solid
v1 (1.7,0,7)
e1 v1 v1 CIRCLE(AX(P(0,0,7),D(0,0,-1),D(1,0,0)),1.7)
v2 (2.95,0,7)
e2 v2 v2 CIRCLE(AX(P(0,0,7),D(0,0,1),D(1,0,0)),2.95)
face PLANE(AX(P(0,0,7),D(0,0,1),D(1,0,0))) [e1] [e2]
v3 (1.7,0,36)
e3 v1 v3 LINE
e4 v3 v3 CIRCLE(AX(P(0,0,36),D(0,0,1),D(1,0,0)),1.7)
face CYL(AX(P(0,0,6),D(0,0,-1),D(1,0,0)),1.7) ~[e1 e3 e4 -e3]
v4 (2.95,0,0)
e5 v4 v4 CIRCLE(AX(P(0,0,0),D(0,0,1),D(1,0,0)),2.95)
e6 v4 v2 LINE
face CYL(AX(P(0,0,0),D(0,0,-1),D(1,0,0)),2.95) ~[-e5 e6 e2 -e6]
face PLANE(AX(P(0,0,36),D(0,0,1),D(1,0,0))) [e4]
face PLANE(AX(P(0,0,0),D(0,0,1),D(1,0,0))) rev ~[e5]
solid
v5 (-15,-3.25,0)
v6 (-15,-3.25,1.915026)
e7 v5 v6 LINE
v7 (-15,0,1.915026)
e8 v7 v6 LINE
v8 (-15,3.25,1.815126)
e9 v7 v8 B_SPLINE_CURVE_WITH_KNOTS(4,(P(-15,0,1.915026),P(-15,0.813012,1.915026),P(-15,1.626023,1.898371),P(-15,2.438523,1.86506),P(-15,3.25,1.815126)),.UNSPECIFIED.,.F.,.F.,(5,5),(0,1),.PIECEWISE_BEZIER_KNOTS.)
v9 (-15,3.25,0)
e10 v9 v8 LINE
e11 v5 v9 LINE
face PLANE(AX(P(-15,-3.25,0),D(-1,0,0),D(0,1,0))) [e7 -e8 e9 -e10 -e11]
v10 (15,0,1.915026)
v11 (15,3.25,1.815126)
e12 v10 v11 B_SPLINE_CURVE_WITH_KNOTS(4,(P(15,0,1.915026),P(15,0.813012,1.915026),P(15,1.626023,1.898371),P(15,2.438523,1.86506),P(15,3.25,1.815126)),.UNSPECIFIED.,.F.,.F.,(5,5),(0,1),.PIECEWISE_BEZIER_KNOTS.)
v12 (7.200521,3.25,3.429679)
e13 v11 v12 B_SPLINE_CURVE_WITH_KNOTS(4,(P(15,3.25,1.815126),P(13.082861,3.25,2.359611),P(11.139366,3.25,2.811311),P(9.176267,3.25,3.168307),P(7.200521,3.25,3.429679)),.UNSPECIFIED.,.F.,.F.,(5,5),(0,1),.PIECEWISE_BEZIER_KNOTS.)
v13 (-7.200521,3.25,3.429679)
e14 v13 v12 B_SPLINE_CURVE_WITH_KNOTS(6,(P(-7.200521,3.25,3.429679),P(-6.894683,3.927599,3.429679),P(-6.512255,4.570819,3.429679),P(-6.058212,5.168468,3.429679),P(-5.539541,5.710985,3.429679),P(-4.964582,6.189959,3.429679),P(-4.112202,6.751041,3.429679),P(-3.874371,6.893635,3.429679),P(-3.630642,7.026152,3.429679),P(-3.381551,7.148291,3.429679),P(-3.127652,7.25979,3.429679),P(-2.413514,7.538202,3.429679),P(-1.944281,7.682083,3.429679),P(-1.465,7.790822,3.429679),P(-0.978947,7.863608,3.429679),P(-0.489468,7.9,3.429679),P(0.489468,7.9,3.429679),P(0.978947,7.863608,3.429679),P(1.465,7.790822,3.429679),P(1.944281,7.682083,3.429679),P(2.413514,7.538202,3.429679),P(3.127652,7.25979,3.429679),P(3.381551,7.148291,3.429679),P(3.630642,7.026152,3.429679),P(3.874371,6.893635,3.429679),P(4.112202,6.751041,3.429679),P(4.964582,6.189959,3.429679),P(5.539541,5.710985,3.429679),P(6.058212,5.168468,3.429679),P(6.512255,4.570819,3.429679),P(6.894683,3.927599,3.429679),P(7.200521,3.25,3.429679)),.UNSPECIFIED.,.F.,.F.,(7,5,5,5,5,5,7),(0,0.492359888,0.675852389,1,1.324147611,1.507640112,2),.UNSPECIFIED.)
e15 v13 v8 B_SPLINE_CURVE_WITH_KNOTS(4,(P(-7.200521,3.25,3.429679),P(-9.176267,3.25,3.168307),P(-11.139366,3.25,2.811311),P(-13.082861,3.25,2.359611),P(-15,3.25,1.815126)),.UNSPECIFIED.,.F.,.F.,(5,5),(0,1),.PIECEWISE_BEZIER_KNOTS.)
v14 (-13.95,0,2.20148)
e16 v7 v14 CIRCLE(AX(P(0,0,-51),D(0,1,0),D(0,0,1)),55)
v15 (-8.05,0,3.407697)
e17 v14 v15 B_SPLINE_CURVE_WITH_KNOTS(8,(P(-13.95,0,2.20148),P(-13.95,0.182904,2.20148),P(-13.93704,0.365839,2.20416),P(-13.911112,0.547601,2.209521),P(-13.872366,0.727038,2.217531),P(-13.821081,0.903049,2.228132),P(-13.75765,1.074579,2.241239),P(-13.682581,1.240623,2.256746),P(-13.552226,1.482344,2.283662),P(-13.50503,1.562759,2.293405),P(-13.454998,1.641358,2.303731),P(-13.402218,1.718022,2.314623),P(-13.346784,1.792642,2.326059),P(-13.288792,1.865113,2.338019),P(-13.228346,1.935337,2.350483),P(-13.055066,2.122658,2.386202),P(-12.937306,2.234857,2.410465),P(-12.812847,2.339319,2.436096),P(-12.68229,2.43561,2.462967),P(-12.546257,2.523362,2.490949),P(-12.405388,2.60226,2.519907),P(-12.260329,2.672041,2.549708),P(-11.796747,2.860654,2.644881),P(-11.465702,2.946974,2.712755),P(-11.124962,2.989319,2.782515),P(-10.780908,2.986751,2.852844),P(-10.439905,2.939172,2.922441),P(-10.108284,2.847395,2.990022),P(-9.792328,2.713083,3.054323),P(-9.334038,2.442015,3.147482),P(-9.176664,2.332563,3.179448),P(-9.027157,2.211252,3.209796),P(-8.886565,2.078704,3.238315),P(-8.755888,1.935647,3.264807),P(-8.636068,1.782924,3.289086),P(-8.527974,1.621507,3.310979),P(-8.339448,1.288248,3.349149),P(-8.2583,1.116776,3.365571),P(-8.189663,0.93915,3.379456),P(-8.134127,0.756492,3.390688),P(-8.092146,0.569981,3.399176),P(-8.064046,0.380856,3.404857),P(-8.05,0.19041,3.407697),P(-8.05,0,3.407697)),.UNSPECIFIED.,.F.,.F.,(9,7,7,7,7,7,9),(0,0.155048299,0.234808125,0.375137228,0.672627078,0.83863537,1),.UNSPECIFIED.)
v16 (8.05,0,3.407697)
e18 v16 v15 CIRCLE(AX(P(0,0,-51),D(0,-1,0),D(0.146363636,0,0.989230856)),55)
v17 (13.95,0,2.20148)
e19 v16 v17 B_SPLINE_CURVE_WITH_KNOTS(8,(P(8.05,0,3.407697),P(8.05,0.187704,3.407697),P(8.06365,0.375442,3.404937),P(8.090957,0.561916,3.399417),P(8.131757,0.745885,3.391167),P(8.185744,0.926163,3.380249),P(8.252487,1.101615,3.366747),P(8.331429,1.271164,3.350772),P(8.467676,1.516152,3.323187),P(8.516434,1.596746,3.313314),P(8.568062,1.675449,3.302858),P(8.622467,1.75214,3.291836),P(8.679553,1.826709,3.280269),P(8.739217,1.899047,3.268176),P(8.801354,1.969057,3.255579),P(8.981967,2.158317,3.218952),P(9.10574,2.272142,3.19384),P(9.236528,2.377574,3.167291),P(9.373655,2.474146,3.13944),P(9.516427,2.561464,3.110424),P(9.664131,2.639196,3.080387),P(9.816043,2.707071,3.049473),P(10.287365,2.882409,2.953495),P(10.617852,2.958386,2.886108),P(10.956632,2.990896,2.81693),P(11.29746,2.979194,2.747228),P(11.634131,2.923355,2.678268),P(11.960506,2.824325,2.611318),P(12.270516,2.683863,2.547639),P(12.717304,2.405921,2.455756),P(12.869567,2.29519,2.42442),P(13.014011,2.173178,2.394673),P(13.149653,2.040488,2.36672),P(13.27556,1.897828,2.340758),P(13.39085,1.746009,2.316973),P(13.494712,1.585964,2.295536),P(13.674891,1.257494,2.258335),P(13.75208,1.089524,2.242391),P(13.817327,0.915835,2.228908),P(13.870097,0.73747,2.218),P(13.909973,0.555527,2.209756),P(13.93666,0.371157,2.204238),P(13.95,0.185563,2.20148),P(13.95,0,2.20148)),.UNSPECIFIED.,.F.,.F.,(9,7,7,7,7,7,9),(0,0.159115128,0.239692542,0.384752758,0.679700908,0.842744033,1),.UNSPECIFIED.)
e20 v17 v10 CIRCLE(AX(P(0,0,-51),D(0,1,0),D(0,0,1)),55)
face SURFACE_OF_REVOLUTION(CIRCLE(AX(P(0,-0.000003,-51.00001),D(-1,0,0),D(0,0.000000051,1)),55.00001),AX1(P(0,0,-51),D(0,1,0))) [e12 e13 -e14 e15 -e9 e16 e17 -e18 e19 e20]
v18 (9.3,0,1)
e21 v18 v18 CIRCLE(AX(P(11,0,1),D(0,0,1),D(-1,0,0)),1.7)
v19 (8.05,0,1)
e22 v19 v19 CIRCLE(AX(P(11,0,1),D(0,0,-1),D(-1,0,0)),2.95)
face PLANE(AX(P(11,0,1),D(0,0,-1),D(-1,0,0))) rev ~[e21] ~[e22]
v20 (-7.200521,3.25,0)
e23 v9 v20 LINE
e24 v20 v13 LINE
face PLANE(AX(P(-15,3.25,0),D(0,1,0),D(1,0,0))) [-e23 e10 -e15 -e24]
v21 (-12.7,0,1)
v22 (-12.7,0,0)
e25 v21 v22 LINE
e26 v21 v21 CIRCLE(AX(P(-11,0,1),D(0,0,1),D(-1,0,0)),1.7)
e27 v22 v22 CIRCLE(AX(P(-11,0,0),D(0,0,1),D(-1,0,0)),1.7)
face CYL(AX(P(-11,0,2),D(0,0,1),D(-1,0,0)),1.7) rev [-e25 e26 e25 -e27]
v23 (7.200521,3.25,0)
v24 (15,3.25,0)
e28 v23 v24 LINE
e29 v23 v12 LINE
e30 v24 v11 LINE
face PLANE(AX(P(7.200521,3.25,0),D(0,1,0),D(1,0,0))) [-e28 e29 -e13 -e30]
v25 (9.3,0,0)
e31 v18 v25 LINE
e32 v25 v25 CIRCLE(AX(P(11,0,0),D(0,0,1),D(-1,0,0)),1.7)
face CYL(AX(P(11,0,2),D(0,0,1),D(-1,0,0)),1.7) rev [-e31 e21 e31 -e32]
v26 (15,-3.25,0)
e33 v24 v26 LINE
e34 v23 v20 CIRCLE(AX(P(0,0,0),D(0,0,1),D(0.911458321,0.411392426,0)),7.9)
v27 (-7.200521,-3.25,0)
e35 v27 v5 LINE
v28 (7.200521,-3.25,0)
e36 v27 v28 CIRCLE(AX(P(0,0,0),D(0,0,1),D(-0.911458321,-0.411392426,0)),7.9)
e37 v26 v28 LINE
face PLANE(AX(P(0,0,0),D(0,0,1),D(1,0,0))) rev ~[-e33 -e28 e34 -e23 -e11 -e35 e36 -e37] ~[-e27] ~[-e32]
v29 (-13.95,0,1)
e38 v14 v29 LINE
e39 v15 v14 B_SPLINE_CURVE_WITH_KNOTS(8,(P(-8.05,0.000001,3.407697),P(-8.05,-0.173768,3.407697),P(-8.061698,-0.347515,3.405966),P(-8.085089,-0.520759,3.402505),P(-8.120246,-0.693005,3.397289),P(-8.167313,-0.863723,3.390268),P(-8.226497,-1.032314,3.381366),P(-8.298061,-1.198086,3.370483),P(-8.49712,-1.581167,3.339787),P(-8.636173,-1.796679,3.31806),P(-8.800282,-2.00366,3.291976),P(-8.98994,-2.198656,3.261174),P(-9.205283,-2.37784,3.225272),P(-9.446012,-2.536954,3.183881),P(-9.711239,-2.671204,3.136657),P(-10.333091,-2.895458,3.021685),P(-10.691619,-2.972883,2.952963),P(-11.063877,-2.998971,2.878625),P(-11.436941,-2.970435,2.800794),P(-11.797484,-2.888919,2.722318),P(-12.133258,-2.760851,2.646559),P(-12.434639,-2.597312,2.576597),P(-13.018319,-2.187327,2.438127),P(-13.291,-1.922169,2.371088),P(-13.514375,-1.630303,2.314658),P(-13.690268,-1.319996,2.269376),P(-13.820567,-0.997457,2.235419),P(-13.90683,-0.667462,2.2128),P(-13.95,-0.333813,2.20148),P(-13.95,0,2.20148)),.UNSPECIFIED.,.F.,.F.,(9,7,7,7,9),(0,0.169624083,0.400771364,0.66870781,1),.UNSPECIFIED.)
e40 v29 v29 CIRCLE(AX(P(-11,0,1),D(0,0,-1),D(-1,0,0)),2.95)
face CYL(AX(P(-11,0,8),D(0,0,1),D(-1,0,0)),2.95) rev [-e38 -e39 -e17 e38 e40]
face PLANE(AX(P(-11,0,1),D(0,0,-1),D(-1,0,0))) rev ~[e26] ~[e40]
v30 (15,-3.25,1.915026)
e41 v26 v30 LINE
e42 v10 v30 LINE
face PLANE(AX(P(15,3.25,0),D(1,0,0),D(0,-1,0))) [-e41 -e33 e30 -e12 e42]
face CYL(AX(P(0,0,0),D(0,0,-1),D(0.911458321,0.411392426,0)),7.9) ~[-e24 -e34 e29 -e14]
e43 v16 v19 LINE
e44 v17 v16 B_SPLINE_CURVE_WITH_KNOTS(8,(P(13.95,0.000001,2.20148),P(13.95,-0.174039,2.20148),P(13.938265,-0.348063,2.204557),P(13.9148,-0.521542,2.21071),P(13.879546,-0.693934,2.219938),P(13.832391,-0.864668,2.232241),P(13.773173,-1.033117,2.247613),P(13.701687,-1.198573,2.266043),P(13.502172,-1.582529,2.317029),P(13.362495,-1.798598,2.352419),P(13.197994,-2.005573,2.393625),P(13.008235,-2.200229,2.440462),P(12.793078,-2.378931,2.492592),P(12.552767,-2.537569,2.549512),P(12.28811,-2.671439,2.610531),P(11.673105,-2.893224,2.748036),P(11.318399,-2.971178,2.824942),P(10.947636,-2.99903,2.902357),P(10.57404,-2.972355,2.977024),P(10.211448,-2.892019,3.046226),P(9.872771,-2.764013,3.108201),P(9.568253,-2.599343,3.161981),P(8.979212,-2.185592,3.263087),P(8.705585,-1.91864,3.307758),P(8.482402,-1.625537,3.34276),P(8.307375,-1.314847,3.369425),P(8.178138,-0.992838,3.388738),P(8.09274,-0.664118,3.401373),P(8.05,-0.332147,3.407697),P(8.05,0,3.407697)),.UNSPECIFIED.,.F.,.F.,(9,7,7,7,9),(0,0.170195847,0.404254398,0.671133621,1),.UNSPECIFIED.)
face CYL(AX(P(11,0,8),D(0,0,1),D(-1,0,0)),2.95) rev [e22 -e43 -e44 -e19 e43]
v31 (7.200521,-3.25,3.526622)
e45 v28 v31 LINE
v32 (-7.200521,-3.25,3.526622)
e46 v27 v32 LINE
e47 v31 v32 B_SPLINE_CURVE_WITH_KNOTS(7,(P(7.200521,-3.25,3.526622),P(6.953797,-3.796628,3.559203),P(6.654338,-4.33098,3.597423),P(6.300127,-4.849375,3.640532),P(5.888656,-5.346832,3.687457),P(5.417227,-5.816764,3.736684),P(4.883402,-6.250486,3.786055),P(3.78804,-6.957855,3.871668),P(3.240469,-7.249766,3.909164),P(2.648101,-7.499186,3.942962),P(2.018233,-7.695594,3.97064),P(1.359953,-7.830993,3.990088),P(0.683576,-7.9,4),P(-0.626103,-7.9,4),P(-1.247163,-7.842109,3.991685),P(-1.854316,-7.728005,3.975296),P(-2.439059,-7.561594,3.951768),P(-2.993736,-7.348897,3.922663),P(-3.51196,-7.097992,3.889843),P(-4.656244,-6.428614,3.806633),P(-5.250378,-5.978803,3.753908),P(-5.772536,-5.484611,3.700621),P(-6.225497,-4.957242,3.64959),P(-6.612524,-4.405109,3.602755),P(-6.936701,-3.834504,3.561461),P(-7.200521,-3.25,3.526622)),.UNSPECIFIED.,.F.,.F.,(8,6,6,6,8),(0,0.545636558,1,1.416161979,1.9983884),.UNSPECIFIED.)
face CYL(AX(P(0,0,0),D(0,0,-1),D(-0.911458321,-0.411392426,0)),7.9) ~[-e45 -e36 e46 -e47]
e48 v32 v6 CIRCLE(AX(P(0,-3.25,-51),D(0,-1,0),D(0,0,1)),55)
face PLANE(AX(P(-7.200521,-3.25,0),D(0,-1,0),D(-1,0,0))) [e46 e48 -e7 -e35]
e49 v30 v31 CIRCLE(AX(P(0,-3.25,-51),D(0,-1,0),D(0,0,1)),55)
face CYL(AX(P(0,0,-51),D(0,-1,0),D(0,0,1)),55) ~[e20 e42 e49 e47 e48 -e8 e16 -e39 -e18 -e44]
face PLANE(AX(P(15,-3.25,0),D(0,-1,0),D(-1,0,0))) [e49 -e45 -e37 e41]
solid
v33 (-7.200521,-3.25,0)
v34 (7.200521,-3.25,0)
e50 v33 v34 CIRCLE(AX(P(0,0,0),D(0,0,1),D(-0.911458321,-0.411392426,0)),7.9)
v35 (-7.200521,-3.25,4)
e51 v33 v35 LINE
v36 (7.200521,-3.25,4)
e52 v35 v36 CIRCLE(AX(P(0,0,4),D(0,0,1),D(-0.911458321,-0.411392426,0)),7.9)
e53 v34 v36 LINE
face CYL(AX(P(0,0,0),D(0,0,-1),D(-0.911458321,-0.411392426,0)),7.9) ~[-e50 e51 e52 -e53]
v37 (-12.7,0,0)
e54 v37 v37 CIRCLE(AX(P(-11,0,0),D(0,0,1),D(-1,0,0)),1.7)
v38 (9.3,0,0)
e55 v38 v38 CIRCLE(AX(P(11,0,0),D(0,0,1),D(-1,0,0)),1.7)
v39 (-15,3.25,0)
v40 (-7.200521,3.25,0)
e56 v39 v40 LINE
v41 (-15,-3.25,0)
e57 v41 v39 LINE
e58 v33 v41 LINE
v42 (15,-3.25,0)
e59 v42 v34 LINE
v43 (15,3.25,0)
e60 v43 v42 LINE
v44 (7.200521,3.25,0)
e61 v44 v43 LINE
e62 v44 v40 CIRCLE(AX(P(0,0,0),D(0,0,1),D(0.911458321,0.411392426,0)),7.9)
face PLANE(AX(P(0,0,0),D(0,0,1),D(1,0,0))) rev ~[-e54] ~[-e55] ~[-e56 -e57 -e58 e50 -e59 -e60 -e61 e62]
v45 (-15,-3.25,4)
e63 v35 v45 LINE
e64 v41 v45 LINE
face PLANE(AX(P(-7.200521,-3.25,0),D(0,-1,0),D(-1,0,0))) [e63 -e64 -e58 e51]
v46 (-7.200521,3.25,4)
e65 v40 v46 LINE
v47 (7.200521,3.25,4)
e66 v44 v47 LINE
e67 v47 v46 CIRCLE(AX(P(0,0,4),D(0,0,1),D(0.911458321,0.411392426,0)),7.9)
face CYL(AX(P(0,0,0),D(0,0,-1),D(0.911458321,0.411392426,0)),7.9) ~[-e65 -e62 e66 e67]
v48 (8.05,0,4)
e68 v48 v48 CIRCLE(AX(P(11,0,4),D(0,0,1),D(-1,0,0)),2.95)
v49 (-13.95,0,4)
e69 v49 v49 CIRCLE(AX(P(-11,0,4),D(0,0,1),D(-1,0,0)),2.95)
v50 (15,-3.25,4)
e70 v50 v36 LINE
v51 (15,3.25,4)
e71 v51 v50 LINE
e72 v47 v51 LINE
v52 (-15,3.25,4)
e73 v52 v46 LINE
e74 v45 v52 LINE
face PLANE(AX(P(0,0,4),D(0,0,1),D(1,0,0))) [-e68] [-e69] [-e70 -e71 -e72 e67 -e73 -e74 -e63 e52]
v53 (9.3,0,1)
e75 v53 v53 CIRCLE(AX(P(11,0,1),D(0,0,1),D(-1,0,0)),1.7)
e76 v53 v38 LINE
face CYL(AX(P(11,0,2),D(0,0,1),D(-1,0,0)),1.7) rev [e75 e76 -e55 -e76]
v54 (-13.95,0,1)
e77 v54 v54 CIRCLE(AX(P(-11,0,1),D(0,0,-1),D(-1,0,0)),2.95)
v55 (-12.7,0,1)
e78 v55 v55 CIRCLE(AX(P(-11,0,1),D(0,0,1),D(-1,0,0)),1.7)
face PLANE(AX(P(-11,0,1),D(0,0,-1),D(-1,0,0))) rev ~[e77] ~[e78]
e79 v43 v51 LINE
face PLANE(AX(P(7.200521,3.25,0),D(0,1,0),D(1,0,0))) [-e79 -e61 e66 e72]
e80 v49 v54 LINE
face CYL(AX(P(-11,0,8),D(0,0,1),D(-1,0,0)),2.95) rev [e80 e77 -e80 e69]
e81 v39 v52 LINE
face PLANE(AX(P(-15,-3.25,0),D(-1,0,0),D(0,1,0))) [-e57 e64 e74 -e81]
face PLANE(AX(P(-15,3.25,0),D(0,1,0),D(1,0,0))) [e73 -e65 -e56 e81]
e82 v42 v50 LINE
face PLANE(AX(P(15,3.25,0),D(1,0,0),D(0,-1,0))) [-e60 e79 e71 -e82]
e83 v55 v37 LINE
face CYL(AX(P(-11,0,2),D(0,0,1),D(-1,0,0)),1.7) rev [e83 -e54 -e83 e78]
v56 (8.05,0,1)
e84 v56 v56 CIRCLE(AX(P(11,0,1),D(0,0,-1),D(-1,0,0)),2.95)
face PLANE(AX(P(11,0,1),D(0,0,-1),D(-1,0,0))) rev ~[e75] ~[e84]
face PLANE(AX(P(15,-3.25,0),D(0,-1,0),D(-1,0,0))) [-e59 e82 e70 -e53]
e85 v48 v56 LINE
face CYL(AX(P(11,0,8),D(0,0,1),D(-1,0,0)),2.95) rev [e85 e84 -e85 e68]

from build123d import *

# Parameters (mm, degrees)
CYLINDER_R               = 2.95
CYLINDER_DEPTH           = 7
CYLINDER001_R            = 1.7
CYLINDER001_DEPTH        = 30
CLONE060_PLACEMENT_ANGLE = 180
CLONE059_PLACEMENT_ANGLE = 180
PAD010_DEPTH             = 4


with BuildPart() as m3bolthead:
    # Cylinder → Cylinder (new body)
    with BuildSketch(Plane.XY):
        Circle(CYLINDER_R)
    extrude(amount=CYLINDER_DEPTH)


with BuildPart() as m3bolt:
    # Cylinder001 → Cylinder001 (new body)
    with BuildSketch(Plane.XY.offset(6)):
        Circle(CYLINDER001_R)
    extrude(amount=CYLINDER001_DEPTH)

    # Fusion: union M3BoltHead
    add(m3bolthead.part)


with BuildPart() as clone_of_m3bolt020:
    # Clone060 base: copy of M3Bolt
    add(m3bolt.part)


with BuildPart() as clone_of_m3bolt020_1:
    # Clone060 placement: moved
    add(clone_of_m3bolt020.part.moved(Location((-11, 0, 8))).rotate(Axis((-11, 0, 8), (0, 1, 0)), CLONE060_PLACEMENT_ANGLE))


with BuildPart() as fusion020:
    # Clone059 base: copy of M3Bolt
    add(m3bolt.part)


with BuildPart() as fusion020_1:
    # Clone059 placement: moved
    add(fusion020.part.moved(Location((11, 0, 8))).rotate(Axis((11, 0, 8), (0, 1, 0)), CLONE059_PLACEMENT_ANGLE))

    # Fusion020: union Clone of M3Bolt020
    add(clone_of_m3bolt020_1.part)


with BuildPart() as f_622zzbearingfixmasterext:
    # Sketch017 → Pad010 (new body)
    with BuildSketch(Plane.XY):
        with BuildLine():
            ThreePointArc((-7.200521, -3.25), (0, -7.9), (7.200521, -3.25))
            Line((15, -3.25), (7.200521, -3.25))
            Line((15, 3.25), (15, -3.25))
            Line((7.200521, 3.25), (15, 3.25))
            ThreePointArc((7.200521, 3.25), (0, 7.9), (-7.200521, 3.25))
            Line((-15, 3.25), (-7.200521, 3.25))
            Line((-15, -3.25), (-15, 3.25))
            Line((-7.200521, -3.25), (-15, -3.25))
        make_face()
    extrude(amount=PAD010_DEPTH)

    # Cut021: cut Fusion020
    add(fusion020_1.part, mode=Mode.SUBTRACT)


with BuildPart() as revolution014:
    # Sketch064 → Revolution014 (revolve)
    with BuildSketch(Plane(origin=(0, 0, -51), x_dir=(0, 1, 0), z_dir=(-1, 0, 0))):
        with BuildLine():
            ThreePointArc((0, -55), (16.583124, -52.440442), (31.622777, -45))
            Line((-8.377223, -45), (31.622777, -45))
            Line((-8.377223, -45), (-8.377223, -55))
            Line((0, -55), (-8.377223, -55))
        make_face()
    revolve(axis=Axis((0, 0, -51), (0, 1, 0)))


with BuildPart() as art4bearingfix:
    # Clone309 base: copy of 622zzBearingFixMasterExt
    add(f_622zzbearingfixmasterext.part)

    # Common: intersect Revolution014
    add(revolution014.part, mode=Mode.INTERSECT)


solid = Compound([m3bolt.part, f_622zzbearingfixmasterext.part, art4bearingfix.part])
